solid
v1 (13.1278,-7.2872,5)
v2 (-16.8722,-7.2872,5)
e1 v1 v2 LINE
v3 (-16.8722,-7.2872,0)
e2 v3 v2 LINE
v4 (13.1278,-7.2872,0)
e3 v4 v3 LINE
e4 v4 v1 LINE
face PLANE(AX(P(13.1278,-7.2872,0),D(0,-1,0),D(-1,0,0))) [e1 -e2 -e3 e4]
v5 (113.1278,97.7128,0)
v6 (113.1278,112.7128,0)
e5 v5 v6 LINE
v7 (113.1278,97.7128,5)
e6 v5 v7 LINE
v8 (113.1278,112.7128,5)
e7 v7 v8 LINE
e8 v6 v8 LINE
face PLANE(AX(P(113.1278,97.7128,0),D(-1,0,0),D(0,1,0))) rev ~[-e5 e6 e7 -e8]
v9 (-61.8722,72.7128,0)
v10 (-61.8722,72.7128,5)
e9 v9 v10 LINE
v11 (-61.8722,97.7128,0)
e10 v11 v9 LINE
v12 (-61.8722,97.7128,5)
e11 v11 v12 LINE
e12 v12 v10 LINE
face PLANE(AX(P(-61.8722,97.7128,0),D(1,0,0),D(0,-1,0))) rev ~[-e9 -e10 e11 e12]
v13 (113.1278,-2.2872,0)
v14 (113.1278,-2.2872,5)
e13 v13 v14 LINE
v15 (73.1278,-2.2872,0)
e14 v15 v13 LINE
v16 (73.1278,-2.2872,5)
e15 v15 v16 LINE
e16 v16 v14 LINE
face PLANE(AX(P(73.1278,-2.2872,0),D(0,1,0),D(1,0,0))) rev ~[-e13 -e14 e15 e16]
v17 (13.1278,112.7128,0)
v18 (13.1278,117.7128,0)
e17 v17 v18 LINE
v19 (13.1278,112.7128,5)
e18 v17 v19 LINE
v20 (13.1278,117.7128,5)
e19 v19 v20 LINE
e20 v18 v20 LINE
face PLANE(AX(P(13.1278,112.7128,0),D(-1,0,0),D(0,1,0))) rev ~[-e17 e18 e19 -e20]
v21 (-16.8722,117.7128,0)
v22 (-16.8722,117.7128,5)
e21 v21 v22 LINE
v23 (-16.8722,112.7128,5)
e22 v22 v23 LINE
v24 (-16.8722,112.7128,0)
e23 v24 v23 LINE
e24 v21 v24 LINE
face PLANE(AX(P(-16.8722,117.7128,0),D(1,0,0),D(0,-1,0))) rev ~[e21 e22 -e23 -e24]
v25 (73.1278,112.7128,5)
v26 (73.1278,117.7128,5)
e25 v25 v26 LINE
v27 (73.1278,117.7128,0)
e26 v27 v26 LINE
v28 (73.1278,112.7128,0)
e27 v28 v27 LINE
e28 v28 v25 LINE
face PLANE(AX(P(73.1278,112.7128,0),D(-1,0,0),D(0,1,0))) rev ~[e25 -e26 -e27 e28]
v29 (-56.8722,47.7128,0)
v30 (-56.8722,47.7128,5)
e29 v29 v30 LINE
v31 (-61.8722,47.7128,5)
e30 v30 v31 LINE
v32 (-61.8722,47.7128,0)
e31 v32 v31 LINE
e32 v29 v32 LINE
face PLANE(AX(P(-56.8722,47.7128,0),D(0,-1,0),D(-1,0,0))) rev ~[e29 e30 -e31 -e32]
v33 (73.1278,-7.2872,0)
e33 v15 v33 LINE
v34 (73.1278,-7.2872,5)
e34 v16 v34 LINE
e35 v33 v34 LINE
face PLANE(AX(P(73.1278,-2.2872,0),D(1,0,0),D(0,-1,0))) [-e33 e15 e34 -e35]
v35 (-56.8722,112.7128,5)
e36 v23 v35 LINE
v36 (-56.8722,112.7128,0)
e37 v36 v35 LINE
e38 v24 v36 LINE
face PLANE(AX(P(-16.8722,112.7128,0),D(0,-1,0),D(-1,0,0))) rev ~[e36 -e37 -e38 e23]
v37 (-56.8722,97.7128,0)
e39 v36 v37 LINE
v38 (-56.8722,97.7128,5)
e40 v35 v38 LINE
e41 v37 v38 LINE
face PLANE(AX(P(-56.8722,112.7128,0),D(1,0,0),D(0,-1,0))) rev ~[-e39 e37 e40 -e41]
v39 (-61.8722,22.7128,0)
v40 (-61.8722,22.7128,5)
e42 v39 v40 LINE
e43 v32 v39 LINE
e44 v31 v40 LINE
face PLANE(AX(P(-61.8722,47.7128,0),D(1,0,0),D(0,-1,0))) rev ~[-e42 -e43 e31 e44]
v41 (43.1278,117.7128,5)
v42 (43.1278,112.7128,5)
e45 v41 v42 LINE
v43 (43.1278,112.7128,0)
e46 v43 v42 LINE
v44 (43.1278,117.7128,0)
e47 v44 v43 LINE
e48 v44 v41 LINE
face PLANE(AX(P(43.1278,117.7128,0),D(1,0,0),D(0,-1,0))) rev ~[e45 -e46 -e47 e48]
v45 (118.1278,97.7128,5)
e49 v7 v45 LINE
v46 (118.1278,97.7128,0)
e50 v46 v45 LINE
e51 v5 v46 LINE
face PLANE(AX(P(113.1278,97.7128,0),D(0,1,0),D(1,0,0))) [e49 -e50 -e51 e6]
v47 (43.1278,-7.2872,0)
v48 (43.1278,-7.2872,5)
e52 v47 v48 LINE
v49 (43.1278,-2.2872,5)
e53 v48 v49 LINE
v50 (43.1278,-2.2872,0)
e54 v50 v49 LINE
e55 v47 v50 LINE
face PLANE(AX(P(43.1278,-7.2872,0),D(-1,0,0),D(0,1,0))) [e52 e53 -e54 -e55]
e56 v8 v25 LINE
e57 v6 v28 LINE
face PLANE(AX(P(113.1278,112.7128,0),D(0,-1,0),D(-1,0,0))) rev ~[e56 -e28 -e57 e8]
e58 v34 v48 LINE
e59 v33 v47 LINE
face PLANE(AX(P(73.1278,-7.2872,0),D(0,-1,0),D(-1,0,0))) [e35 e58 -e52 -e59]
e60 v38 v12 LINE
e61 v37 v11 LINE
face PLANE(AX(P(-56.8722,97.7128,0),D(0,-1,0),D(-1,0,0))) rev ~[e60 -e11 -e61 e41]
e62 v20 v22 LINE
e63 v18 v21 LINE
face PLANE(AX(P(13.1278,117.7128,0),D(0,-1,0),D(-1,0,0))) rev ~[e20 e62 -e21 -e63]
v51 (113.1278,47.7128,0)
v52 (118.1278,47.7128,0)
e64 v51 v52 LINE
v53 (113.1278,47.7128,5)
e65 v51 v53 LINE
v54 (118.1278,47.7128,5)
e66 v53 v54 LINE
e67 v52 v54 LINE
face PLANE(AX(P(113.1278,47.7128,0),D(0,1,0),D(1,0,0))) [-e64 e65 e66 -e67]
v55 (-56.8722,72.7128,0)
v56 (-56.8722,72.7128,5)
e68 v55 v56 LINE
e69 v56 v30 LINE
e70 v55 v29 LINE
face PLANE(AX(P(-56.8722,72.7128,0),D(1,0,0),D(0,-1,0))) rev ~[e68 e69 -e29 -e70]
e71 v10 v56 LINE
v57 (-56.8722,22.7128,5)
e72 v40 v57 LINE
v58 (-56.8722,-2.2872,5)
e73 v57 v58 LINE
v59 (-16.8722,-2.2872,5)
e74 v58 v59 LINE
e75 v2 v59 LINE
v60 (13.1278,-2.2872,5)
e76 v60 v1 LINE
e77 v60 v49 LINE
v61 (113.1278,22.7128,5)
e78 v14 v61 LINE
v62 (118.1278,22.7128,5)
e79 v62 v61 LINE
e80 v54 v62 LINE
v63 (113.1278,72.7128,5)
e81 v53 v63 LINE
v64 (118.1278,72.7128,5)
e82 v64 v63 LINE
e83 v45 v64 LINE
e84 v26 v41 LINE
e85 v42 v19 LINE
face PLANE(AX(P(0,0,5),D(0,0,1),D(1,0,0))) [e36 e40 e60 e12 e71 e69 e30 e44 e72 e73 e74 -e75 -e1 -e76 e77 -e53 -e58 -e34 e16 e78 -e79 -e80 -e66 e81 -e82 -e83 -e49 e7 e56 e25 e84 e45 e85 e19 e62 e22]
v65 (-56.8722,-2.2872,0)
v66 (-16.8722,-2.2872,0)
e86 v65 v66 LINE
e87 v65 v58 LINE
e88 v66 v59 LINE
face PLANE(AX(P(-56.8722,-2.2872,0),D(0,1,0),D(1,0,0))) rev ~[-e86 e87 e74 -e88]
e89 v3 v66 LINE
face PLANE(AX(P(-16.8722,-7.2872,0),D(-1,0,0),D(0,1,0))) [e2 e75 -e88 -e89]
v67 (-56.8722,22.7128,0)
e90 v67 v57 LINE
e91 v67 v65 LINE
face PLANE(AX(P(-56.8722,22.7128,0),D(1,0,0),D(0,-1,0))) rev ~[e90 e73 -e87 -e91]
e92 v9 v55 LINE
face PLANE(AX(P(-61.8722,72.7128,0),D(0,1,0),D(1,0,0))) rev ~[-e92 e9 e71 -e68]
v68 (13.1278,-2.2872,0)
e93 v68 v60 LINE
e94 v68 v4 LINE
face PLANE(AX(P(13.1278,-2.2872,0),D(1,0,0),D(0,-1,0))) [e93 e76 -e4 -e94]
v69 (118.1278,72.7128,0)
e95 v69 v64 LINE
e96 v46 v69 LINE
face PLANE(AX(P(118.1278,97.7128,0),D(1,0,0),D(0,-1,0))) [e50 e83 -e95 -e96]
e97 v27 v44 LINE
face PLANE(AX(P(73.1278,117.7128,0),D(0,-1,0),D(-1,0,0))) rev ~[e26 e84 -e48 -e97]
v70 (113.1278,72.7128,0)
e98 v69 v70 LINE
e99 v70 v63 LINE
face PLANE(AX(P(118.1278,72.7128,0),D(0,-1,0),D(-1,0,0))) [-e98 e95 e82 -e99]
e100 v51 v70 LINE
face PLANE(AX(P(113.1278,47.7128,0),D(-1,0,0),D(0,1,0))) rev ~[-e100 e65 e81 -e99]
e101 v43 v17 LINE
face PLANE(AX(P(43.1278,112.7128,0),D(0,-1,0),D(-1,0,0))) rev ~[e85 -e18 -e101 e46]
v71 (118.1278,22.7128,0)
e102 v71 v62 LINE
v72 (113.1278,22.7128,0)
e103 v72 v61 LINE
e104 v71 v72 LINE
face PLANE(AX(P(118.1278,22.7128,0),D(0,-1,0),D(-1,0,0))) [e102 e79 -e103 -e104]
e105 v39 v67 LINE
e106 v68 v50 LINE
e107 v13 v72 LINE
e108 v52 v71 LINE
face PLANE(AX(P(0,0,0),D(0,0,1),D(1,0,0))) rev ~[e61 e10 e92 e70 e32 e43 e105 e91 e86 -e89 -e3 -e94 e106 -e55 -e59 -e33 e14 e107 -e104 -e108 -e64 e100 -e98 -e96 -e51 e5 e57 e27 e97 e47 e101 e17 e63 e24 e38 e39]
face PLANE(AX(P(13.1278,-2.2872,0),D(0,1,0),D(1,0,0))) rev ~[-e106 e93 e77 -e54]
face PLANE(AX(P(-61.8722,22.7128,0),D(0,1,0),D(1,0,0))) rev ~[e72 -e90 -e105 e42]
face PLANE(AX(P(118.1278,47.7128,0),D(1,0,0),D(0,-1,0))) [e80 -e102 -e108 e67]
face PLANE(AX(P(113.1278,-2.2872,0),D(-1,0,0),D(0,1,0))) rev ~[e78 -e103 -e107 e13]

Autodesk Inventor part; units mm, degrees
ref_plane "YZ Plane" through (0, 0, 0) normal (1, 0, 0) x (0, 1, 0)
ref_plane "XZ Plane" through (0, 0, 0) normal (0, 1, 0) x (-1, 0, 0)
ref_plane "XY Plane" through (0, 0, 0) normal (0, 0, 1) x (1, 0, 0)
sketch "Sketch1" plane through (0, 0, 0) normal (0, 0, 1) x (1, 0, 0)
  line L0 (-56.8722, -2.2872) -> (113.1278, -2.2872)
  line L1 (113.1278, -2.2872) -> (113.1278, 112.7128)
  line L2 (113.1278, 112.7128) -> (-56.8722, 112.7128)
  line L3 (-56.8722, 112.7128) -> (-56.8722, -2.2872)
  line L4 (-16.8722, 112.7128) -> (13.1278, 112.7128)
  line L5 (13.1278, 112.7128) -> (13.1278, 117.7128)
  line L6 (13.1278, 117.7128) -> (-16.8722, 117.7128)
  line L7 (-16.8722, 117.7128) -> (-16.8722, 112.7128)
  line L8 (43.1278, 112.7128) -> (73.1278, 112.7128)
  line L9 (73.1278, 112.7128) -> (73.1278, 117.7128)
  line L10 (73.1278, 117.7128) -> (43.1278, 117.7128)
  line L11 (43.1278, 117.7128) -> (43.1278, 112.7128)
  line L12 (-56.8722, 97.7128) -> (-61.8722, 97.7128)
  line L13 (-61.8722, 97.7128) -> (-61.8722, 72.7128)
  line L14 (-61.8722, 72.7128) -> (-56.8722, 72.7128)
  line L15 (-56.8722, 72.7128) -> (-56.8722, 97.7128)
  line L16 (-56.8722, 47.7128) -> (-61.8722, 47.7128)
  line L17 (-61.8722, 47.7128) -> (-61.8722, 22.7128)
  line L18 (-61.8722, 22.7128) -> (-56.8722, 22.7128)
  line L19 (-56.8722, 22.7128) -> (-56.8722, 47.7128)
  line L20 (28.1278, 112.7128) -> (28.1278, 0) construction
  line L21 (113.1278, 55.2128) -> (-59.3722, 55.2128) construction
  line L22 (13.1278, -2.2872) -> (13.1278, -7.2872)
  line L23 (13.1278, -7.2872) -> (-16.8722, -7.2872)
  line L24 (-16.8722, -7.2872) -> (-16.8722, -2.2872)
  line L25 (73.1278, -2.2872) -> (73.1278, -7.2872)
  line L26 (73.1278, -7.2872) -> (43.1278, -7.2872)
  line L27 (43.1278, -7.2872) -> (43.1278, -2.2872)
  line L28 (113.1278, 97.7128) -> (118.1278, 97.7128)
  line L29 (118.1278, 97.7128) -> (118.1278, 72.7128)
  line L30 (118.1278, 72.7128) -> (113.1278, 72.7128)
  line L31 (113.1278, 47.7128) -> (118.1278, 47.7128)
  line L32 (118.1278, 47.7128) -> (118.1278, 22.7128)
  line L33 (118.1278, 22.7128) -> (113.1278, 22.7128)
  line L34 (-56.8722, 55.2128) -> (115.6278, 55.2128) construction
  point P0 (0, 0)
  dimension "d0" = 170
  dimension "d1" = 115
  dimension "d2" = 30
  dimension "d3" = 5
  dimension "d4" = 30
  dimension "d5" = 5
  dimension "d6" = 30
  dimension "d7" = 40
  dimension "d8" = 5
  dimension "d9" = 25
  dimension "d10" = 5
  dimension "d11" = 25
  dimension "d12" = 25
  dimension "d13" = 15
extrude "Extrusion1" add sketch "Sketch1" along normal blind 5
properties part number "Lat 2"
